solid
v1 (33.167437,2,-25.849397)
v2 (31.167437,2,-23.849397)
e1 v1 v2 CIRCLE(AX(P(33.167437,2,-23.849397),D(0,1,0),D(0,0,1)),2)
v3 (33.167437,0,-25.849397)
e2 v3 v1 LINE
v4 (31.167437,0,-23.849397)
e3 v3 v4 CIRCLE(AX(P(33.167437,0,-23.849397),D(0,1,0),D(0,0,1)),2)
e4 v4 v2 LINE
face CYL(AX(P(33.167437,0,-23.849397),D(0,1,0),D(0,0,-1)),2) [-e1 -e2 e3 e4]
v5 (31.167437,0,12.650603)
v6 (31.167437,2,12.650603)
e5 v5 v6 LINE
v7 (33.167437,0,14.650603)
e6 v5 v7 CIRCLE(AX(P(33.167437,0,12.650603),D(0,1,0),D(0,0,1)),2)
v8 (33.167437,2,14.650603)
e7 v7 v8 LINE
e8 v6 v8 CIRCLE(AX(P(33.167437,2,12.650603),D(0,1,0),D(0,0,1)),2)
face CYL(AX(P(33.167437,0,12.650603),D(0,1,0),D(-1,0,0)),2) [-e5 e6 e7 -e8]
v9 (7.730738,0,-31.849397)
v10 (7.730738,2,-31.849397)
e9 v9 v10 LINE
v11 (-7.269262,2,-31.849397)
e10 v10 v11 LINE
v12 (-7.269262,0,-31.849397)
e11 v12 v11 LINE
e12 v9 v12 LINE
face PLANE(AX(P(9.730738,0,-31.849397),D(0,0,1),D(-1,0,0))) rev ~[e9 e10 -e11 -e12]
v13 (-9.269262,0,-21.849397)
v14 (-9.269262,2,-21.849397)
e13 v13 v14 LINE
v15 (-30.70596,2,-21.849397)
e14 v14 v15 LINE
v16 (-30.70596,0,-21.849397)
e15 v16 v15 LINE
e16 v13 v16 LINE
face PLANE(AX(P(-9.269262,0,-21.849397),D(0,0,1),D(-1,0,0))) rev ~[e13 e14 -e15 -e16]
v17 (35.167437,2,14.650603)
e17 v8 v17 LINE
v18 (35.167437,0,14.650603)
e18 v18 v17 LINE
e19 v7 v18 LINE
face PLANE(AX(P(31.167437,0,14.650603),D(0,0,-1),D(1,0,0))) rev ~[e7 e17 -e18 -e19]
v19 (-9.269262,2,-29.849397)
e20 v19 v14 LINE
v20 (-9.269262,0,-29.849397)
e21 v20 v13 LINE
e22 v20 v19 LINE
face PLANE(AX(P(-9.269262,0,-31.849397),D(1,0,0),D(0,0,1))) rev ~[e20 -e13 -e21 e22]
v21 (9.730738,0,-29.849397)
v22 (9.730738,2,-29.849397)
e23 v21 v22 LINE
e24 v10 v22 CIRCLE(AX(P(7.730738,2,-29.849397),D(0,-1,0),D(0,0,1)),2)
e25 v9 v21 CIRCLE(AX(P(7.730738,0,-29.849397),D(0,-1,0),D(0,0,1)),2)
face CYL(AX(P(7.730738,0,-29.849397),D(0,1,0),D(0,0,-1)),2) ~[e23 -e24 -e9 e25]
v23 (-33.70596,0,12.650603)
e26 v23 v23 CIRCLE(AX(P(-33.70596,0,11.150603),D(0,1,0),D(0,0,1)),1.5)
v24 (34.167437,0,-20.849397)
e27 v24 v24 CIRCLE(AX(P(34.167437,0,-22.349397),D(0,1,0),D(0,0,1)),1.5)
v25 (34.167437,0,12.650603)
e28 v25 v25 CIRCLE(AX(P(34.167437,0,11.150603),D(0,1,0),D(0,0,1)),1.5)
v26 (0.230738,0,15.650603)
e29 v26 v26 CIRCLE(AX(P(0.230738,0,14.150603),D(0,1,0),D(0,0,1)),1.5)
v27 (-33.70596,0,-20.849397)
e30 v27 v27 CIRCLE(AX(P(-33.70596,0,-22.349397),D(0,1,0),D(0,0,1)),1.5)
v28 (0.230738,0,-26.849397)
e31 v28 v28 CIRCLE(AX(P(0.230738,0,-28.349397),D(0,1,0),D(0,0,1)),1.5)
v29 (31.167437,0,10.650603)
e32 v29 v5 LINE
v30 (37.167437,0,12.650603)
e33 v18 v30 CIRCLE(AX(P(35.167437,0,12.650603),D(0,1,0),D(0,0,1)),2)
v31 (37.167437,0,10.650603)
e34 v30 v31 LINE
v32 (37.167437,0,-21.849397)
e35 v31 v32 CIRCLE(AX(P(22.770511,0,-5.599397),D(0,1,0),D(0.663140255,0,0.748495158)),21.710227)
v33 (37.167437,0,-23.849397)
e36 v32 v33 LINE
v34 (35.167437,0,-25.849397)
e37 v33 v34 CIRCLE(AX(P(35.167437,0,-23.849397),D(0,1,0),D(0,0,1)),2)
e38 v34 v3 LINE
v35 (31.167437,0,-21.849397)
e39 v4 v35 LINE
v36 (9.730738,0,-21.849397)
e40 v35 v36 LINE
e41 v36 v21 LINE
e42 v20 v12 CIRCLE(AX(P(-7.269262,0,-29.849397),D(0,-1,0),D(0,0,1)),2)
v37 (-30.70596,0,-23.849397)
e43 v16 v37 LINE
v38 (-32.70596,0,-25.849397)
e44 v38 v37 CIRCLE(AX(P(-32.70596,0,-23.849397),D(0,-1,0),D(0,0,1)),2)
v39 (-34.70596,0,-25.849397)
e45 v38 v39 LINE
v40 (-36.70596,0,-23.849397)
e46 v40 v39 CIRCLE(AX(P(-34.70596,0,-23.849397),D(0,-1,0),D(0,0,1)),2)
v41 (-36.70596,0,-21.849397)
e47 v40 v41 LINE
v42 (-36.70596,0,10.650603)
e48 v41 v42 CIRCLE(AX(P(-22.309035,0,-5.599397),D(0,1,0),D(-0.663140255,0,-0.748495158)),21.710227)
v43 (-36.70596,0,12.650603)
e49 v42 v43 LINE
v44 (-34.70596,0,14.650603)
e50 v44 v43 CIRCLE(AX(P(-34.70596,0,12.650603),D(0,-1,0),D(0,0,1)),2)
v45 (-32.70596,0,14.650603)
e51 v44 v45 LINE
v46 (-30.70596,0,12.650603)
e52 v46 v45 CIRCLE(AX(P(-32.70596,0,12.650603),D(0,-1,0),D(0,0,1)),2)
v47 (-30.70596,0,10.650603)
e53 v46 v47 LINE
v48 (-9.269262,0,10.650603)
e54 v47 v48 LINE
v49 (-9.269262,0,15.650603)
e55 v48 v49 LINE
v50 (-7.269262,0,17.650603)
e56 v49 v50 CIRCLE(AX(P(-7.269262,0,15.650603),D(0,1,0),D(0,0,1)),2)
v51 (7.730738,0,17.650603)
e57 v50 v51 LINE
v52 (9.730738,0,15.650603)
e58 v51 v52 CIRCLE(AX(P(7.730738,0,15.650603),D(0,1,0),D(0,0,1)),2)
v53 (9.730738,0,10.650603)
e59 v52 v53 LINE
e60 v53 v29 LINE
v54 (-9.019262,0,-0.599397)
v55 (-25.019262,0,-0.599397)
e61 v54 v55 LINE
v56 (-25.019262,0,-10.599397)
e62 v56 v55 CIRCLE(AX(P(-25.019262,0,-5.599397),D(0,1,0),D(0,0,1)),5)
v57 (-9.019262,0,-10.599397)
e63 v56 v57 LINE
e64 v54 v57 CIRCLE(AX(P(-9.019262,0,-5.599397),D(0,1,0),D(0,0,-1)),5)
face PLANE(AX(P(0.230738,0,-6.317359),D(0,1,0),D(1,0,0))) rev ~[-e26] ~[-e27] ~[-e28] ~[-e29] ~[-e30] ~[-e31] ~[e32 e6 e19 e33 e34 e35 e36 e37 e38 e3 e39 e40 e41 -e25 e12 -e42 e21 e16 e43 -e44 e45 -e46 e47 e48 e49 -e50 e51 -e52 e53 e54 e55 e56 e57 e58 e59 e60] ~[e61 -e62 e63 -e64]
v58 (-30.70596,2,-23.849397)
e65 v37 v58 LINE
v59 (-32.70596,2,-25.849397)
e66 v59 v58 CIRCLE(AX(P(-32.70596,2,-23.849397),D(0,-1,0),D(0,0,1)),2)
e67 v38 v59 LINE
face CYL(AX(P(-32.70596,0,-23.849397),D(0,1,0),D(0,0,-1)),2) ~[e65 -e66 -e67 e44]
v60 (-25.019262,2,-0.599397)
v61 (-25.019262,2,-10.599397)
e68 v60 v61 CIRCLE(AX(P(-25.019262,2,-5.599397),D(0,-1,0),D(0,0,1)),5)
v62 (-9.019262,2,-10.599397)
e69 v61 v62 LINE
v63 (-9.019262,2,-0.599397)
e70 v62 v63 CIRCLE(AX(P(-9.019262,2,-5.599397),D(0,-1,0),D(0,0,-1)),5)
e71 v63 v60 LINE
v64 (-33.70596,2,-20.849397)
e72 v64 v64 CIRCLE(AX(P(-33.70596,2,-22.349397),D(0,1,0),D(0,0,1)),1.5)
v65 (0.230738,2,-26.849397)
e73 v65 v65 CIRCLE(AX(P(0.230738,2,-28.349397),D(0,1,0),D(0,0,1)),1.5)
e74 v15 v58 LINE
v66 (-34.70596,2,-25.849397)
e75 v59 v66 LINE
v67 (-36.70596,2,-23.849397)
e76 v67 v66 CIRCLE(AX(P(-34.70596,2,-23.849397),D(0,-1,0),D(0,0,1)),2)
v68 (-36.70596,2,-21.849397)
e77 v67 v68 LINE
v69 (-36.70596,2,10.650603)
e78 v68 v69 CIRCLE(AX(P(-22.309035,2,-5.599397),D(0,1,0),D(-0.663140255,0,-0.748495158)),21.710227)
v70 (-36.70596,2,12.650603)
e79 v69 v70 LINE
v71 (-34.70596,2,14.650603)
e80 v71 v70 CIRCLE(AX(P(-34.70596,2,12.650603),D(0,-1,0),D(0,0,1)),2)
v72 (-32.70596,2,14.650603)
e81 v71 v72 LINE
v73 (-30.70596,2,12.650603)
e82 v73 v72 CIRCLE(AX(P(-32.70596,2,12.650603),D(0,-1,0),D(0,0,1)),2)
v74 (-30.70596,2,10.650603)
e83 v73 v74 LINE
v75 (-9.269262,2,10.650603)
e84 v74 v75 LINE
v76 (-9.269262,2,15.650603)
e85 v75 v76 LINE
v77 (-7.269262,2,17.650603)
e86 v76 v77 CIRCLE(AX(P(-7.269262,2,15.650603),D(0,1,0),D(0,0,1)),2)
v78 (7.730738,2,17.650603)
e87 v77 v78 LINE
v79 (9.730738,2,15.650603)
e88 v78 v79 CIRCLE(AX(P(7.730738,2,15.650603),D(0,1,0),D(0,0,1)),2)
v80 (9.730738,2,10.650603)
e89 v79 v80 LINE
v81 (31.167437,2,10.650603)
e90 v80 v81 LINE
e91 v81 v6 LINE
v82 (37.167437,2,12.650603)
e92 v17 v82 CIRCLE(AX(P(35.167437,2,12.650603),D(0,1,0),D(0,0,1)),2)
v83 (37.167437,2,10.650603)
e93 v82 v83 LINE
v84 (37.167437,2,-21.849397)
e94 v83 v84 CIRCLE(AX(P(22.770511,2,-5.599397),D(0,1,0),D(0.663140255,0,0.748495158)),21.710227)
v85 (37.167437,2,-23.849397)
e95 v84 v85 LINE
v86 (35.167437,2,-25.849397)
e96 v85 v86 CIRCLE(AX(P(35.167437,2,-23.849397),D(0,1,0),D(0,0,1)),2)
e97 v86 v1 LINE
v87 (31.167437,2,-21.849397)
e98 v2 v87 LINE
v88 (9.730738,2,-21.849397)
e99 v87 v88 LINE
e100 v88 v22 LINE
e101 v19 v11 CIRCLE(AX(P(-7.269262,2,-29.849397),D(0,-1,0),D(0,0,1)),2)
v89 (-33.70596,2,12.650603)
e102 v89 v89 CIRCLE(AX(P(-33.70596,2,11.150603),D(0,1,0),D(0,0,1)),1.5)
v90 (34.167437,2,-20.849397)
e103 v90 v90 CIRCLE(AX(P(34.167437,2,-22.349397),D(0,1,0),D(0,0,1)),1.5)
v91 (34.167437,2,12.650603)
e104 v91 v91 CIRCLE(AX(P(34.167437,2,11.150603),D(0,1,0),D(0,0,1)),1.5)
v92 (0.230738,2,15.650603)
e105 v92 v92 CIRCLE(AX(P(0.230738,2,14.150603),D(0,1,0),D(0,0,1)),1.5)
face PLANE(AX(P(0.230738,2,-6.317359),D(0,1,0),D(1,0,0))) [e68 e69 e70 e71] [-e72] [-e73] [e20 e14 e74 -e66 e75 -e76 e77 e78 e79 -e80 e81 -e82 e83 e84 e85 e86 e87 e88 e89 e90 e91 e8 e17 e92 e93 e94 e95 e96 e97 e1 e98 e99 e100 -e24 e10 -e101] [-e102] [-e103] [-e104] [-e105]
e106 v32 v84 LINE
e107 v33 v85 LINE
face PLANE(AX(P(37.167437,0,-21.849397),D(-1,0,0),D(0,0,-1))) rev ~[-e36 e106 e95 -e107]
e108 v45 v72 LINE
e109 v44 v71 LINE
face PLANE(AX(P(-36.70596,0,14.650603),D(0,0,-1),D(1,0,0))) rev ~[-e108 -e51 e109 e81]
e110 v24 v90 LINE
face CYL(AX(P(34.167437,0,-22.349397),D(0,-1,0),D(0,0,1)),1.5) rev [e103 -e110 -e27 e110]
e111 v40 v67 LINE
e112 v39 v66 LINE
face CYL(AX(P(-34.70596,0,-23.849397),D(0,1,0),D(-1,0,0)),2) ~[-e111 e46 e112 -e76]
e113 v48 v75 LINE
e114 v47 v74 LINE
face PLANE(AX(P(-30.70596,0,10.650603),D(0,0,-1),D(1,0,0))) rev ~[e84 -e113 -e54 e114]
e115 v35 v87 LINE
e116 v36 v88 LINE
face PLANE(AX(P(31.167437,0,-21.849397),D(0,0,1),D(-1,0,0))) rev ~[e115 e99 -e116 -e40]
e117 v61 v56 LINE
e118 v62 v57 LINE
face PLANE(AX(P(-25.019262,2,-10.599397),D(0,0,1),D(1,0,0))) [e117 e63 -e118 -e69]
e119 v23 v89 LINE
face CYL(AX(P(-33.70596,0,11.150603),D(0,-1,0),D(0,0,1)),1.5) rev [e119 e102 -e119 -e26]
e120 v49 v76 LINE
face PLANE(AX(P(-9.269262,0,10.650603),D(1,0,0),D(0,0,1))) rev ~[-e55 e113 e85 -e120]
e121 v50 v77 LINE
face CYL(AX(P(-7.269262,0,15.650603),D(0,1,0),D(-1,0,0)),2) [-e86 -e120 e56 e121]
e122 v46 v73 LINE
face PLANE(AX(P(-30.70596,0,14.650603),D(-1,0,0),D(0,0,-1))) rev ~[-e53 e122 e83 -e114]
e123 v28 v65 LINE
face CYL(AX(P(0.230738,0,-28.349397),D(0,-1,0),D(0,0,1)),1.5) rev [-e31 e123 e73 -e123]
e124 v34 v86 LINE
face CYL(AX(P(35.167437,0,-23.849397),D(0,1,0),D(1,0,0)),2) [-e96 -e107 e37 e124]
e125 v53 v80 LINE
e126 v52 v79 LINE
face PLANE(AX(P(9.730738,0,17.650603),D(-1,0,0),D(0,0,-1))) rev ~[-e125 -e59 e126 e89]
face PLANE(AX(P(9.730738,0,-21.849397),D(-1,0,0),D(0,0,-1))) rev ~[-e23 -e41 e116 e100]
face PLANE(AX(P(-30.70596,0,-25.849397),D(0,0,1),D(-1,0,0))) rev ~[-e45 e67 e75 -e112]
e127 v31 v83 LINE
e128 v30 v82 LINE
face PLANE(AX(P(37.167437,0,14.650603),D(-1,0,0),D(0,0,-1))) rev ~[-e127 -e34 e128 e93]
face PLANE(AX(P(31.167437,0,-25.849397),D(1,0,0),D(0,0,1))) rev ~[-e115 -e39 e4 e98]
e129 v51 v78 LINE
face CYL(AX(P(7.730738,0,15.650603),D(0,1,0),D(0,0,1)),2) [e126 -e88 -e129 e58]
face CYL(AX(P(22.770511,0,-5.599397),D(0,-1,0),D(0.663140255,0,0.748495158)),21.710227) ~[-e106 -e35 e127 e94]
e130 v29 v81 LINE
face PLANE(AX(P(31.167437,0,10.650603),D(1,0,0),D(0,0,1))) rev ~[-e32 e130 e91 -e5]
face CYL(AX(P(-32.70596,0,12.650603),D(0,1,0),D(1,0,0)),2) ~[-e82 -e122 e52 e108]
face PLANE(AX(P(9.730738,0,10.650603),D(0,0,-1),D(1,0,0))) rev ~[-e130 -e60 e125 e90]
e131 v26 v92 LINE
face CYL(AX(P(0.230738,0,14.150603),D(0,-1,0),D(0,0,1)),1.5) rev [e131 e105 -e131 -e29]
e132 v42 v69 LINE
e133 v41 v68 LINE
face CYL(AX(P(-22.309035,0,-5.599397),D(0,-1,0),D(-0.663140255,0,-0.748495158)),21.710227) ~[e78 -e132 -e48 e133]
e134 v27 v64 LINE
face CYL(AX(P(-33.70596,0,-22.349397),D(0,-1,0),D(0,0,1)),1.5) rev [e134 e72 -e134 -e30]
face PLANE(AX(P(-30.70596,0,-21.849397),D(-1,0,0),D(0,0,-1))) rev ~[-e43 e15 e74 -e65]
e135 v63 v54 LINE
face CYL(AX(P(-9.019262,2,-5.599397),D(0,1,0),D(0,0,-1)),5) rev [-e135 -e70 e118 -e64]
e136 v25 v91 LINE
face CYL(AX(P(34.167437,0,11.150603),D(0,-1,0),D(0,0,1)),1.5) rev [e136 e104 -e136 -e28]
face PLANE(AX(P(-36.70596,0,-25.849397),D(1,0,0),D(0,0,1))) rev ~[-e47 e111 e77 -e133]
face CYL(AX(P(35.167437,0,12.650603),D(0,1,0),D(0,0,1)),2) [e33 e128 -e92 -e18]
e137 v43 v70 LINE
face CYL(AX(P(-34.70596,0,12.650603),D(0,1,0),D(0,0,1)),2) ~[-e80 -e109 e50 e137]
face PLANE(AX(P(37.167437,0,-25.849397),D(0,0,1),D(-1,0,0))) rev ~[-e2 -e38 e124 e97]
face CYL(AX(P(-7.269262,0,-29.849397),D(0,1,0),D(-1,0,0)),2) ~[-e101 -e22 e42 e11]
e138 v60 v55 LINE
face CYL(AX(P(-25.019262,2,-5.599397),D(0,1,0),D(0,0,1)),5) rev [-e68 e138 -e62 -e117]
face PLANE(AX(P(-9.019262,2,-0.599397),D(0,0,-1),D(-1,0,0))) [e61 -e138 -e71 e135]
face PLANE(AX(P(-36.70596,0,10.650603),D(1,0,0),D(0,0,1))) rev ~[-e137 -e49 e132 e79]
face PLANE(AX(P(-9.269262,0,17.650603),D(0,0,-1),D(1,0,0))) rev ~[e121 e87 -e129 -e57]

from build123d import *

# Parameters (mm, degrees)
SKETCH3_R           = 1.5
BOSS_EXTRUDE3_DEPTH = 2
CUT_EXTRUDE1_DEPTH  = 3
FILLET1_R           = 2


with BuildPart() as part:
    # Sketch3 → Boss-Extrude3 (new body)
    with BuildSketch(Plane(origin=(0, 0, 0), x_dir=(1, 0, 0), z_dir=(0, 1, 0))):
        with BuildLine():
            Line((-9.26926183, -10.650603484), (-9.26926183, -17.650603484))
            Line((-9.26926183, -17.650603484), (9.73073817, -17.650603484))
            Line((9.73073817, -17.650603484), (9.73073817, -10.650603484))
            Line((9.73073817, -10.650603484), (31.167436549, -10.650603484))
            Line((31.167436549, -10.650603484), (31.167436549, -14.650603484))
            Line((31.167436549, -14.650603484), (37.167436549, -14.650603484))
            Line((37.167436549, -14.650603484), (37.167436549, -10.650603484))
            ThreePointArc((37.167436549, -10.650603484), (44.48073817, 5.599396516), (37.167436549, 21.849396516))
            Line((37.167436549, 21.849396516), (37.167436549, 25.849396516))
            Line((37.167436549, 25.849396516), (31.167436549, 25.849396516))
            Line((31.167436549, 25.849396516), (31.167436549, 21.849396516))
            Line((31.167436549, 21.849396516), (9.73073817, 21.849396516))
            Line((9.73073817, 21.849396516), (9.73073817, 31.849396516))
            Line((9.73073817, 31.849396516), (-9.26926183, 31.849396516))
            Line((-9.26926183, 31.849396516), (-9.26926183, 21.849396516))
            Line((-9.26926183, 21.849396516), (-30.705960209, 21.849396516))
            Line((-30.705960209, 21.849396516), (-30.705960209, 25.849396516))
            Line((-30.705960209, 25.849396516), (-36.705960209, 25.849396516))
            Line((-36.705960209, 25.849396516), (-36.705960209, 21.849396516))
            ThreePointArc((-36.705960209, 21.849396516), (-44.01926183, 5.599396516), (-36.705960209, -10.650603484))
            Line((-36.705960209, -10.650603484), (-36.705960209, -14.650603484))
            Line((-36.705960209, -14.650603484), (-30.705960209, -14.650603484))
            Line((-30.705960209, -14.650603484), (-30.705960209, -10.650603484))
            Line((-30.705960209, -10.650603484), (-9.26926183, -10.650603484))
        make_face()
        with Locations(Location((-33.705960209, 22.349396516, 0), (0, 0, 270))):
            Circle(SKETCH3_R, mode=Mode.SUBTRACT)
        with Locations(Location((-33.705960209, -11.150603484, 0), (0, 0, 270))):
            Circle(SKETCH3_R, mode=Mode.SUBTRACT)
        with Locations(Location((34.167436549, -11.150603484, 0), (0, 0, 270))):
            Circle(SKETCH3_R, mode=Mode.SUBTRACT)
        with Locations(Location((34.167436549, 22.349396516, 0), (0, 0, 270))):
            Circle(SKETCH3_R, mode=Mode.SUBTRACT)
        with Locations(Location((0.23073817, -14.150603484, 0), (0, 0, 270))):
            Circle(SKETCH3_R, mode=Mode.SUBTRACT)
        with Locations(Location((0.23073817, 28.349396516, 0), (0, 0, 270))):
            Circle(SKETCH3_R, mode=Mode.SUBTRACT)
    extrude(amount=BOSS_EXTRUDE3_DEPTH)

    # Sketch4 → Cut-Extrude1 (cut)
    with BuildSketch(Plane(origin=(0, 2, 0), x_dir=(1, 0, 0), z_dir=(0, 1, 0))):
        with BuildLine():
            Line((-25.01926183, 10.599396516), (-9.01926183, 10.599396516))
            ThreePointArc((-9.01926183, 10.599396516), (-4.01926183, 5.599396516), (-9.01926183, 0.599396516))
            Line((-9.01926183, 0.599396516), (-25.01926183, 0.599396516))
            ThreePointArc((-25.01926183, 0.599396516), (-30.01926183, 5.599396516), (-25.01926183, 10.599396516))
        make_face()
    extrude(amount=-CUT_EXTRUDE1_DEPTH, mode=Mode.SUBTRACT)

    # Fillet1
    fillet1_edges = [part.edges().sort_by_distance(p)[0] for p in [
        (-30.705960209, 1, 14.650603484),
        (-36.705960209, 1, 14.650603484),
        (-36.705960209, 1, -25.849396516),
        (-30.705960209, 1, -25.849396516),
        (-9.26926183, 1, -31.849396516),
        (9.73073817, 1, -31.849396516),
        (31.167436549, 1, -25.849396516),
        (37.167436549, 1, -25.849396516),
        (37.167436549, 1, 14.650603484),
        (31.167436549, 1, 14.650603484),
        (9.73073817, 1, 17.650603484),
        (-9.26926183, 1, 17.650603484),
    ]]
    fillet(fillet1_edges, radius=FILLET1_R)


solid = part.part
